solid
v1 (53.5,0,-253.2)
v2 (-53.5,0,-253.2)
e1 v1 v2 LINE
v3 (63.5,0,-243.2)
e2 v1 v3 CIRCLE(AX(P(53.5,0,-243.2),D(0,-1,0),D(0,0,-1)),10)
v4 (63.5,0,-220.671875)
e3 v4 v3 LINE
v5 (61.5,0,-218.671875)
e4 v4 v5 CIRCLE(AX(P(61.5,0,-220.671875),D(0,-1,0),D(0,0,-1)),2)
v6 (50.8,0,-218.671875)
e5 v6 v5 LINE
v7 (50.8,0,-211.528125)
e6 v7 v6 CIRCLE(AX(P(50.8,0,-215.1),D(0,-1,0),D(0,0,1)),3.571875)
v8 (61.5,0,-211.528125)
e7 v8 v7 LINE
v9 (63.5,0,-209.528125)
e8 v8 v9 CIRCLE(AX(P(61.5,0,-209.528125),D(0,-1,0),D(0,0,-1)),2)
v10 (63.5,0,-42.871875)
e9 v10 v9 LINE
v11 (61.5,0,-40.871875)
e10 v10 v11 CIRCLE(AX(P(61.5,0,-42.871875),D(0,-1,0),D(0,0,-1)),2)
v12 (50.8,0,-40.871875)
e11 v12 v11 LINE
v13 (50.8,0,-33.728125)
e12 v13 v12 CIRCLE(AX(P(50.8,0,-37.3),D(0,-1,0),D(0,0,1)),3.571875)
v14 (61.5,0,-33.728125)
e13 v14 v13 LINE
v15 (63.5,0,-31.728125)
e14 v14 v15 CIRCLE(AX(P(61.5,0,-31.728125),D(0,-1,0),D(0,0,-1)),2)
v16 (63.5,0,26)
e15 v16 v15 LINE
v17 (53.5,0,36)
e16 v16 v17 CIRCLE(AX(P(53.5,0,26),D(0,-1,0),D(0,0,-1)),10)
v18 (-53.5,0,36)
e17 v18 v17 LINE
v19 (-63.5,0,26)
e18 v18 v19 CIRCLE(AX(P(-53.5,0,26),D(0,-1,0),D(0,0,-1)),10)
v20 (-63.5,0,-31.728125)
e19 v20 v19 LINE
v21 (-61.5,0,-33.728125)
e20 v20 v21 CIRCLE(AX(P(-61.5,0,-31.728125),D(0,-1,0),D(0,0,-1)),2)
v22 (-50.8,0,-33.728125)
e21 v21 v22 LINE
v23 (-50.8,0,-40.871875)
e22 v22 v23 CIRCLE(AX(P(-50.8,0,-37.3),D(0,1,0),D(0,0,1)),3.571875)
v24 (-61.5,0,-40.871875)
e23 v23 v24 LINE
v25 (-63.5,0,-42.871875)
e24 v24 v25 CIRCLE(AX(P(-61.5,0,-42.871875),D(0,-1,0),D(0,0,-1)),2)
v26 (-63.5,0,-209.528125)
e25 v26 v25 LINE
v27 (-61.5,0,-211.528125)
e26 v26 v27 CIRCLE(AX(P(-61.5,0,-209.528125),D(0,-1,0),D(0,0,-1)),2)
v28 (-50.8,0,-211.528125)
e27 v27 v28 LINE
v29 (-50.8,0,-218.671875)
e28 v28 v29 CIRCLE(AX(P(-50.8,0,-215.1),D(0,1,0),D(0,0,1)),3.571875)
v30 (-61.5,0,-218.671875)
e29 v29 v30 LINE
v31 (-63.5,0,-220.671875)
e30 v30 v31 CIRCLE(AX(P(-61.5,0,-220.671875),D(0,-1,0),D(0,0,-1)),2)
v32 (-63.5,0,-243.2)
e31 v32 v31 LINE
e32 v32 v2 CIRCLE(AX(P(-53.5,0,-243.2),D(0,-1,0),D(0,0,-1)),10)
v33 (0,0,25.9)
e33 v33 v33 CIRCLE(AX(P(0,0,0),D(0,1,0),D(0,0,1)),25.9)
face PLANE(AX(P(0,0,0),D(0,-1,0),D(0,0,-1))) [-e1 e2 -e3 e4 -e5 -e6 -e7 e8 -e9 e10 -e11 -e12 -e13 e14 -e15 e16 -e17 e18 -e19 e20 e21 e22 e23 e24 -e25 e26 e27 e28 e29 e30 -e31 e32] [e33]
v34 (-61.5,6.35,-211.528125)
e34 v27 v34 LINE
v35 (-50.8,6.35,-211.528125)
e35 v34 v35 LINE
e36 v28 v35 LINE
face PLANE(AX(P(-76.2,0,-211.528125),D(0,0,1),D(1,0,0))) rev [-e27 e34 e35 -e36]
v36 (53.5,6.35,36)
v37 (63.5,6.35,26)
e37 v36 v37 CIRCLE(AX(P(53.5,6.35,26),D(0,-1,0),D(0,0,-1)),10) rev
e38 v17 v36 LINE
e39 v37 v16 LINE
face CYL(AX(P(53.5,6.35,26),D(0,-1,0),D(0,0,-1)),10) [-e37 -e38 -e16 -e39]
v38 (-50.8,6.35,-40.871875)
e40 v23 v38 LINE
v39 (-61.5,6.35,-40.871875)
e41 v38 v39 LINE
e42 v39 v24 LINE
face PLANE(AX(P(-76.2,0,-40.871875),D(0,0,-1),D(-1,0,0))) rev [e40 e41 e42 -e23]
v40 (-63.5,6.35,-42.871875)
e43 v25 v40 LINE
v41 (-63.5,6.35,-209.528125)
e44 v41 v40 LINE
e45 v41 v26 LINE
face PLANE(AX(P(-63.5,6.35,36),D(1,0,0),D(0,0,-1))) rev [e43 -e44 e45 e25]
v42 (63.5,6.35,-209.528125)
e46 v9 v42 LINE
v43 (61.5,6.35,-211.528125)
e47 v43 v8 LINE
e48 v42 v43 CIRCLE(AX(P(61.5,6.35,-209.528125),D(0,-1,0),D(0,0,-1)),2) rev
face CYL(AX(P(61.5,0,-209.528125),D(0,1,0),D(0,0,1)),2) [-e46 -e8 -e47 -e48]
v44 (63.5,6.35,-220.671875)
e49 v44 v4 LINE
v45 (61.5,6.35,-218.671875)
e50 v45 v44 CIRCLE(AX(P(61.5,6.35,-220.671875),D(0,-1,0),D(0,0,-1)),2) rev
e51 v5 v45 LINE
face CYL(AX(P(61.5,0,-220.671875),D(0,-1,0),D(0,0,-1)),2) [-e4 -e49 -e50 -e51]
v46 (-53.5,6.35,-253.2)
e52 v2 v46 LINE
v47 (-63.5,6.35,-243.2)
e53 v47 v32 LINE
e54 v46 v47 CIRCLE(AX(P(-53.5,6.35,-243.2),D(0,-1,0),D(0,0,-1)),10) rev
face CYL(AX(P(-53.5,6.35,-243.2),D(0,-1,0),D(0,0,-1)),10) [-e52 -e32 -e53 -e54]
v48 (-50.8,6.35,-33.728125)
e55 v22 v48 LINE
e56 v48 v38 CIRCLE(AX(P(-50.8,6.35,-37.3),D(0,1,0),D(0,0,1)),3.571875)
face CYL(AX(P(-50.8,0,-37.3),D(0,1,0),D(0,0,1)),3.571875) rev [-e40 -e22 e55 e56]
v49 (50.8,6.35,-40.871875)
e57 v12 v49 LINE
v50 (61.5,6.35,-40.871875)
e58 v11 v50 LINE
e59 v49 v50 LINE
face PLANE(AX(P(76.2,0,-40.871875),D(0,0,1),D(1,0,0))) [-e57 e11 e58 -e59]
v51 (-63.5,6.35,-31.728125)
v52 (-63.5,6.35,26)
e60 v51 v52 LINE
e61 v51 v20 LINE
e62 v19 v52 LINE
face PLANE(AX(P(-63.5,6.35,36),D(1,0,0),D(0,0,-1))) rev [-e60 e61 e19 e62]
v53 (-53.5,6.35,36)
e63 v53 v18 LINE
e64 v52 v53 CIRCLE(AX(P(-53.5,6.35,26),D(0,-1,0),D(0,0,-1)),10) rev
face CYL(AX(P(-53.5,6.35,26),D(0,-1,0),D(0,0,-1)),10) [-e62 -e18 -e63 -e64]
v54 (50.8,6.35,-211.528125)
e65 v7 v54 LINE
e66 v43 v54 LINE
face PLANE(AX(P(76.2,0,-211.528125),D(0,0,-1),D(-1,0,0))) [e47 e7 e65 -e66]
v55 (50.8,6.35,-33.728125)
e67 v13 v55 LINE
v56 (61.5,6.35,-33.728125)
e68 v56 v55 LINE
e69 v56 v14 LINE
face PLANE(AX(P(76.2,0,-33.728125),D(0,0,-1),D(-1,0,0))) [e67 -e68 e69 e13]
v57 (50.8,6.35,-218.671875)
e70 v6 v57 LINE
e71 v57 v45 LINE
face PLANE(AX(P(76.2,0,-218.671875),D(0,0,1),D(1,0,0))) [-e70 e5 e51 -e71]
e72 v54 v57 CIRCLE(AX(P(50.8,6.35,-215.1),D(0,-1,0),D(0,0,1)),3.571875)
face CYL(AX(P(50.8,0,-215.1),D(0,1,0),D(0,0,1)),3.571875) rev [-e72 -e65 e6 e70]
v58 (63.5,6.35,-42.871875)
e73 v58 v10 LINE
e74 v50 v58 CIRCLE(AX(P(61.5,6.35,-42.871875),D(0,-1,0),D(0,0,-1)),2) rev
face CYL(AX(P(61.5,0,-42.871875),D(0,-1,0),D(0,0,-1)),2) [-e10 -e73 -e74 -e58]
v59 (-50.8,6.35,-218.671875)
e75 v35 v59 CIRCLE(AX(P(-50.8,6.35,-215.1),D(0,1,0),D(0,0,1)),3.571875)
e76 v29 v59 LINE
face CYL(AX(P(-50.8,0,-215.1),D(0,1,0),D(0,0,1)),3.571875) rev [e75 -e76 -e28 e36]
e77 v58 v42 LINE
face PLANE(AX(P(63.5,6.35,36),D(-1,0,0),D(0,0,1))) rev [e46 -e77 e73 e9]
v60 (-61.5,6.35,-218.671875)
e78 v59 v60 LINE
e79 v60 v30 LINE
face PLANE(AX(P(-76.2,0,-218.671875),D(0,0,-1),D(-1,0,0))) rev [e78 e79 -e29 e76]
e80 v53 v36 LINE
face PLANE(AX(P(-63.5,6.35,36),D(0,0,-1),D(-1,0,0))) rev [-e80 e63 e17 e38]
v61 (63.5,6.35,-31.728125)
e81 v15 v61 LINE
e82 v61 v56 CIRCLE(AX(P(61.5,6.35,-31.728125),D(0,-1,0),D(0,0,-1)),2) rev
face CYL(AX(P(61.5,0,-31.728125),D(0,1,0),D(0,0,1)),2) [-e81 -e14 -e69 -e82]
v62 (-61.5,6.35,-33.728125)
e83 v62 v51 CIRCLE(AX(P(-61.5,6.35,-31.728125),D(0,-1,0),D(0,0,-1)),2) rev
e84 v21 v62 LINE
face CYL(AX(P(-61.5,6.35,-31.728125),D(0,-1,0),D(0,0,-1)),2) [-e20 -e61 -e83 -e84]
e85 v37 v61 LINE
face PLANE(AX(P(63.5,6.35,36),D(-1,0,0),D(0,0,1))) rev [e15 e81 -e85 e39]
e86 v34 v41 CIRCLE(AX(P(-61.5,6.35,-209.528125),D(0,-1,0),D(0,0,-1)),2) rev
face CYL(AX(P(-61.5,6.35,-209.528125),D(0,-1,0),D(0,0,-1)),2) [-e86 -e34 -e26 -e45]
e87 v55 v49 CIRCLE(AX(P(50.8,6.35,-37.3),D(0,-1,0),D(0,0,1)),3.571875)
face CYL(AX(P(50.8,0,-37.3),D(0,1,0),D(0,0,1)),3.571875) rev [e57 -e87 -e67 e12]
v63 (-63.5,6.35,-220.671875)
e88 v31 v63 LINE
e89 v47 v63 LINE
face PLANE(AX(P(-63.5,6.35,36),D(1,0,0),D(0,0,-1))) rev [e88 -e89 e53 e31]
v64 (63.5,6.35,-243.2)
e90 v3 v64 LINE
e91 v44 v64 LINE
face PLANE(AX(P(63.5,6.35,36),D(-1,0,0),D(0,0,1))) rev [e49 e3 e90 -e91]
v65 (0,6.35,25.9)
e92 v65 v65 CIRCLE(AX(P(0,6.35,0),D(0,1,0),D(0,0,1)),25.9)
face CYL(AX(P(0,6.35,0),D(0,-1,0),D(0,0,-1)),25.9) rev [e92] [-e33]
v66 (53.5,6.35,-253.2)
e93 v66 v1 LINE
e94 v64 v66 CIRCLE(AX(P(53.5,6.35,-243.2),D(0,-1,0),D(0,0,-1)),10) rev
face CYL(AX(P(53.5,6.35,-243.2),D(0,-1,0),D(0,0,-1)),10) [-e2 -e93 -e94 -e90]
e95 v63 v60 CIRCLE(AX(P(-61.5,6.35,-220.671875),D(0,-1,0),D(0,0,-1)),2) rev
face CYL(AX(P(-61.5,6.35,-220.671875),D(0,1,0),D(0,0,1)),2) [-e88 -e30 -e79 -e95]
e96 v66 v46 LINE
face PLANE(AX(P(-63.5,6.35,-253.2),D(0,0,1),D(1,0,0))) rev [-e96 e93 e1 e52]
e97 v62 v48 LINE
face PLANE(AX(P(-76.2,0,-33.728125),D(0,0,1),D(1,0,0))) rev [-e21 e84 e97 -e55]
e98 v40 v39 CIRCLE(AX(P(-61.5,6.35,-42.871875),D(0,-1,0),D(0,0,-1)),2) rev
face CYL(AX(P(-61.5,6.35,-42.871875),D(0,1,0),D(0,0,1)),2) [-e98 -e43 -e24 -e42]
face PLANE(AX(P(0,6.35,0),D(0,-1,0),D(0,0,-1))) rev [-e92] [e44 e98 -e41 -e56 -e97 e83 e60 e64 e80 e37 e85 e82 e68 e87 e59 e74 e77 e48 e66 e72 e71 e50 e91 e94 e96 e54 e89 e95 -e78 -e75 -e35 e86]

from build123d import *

# Parameters (mm, degrees)
SKETCH1_W           = 127
SKETCH1_H           = 289.2
SKETCH1_R           = 25.9
BOSS_EXTRUDE1_DEPTH = 6.35
CUT_EXTRUDE1_DEPTH  = 7.35
FILLET1_R           = 2
FILLET2_R           = 10


with BuildPart() as part:
    # Sketch1 → Boss-Extrude1 (new body)
    with BuildSketch(Plane(origin=(0, 0, 0), x_dir=(1, 0, 0), z_dir=(0, 1, 0))):
        with Locations((0, 108.6)):
            Rectangle(SKETCH1_W, SKETCH1_H)
        with Locations(Location((0, 0, 0), (0, 0, 270))):  # turned: the seam where the file's is
            Circle(SKETCH1_R, mode=Mode.SUBTRACT)
    extrude(amount=BOSS_EXTRUDE1_DEPTH)

    # Sketch3 → Cut-Extrude1 (cut, through all)
    with BuildSketch(Plane(origin=(0, 6.35, 0), x_dir=(1, 0, 0), z_dir=(0, 1, 0))):
        with BuildLine():
            Line((-76.2, 218.671875), (-50.8, 218.671875))
            ThreePointArc((-50.8, 218.671875), (-47.228125, 215.1), (-50.8, 211.528125))
            Line((-50.8, 211.528125), (-76.2, 211.528125))
            ThreePointArc((-76.2, 211.528125), (-79.771875, 215.1), (-76.2, 218.671875))
        make_face()
        with BuildLine():
            Line((-76.2, 40.871875), (-50.8, 40.871875))
            ThreePointArc((-50.8, 40.871875), (-47.228125, 37.3), (-50.8, 33.728125))
            Line((-50.8, 33.728125), (-76.2, 33.728125))
            ThreePointArc((-76.2, 33.728125), (-79.771875, 37.3), (-76.2, 40.871875))
        make_face()
    cut_extrude1 = extrude(amount=-CUT_EXTRUDE1_DEPTH, mode=Mode.SUBTRACT)

    # Mirror1: Cut-Extrude1 across plane
    add(cut_extrude1.mirror(Plane(origin=(0, 0, 0), x_dir=(0, 0, 1), z_dir=(1, 0, 0))), mode=Mode.SUBTRACT)

    # Fillet1
    fillet1_edges = [part.edges().sort_by_distance(p)[0] for p in [
        (-63.5, 3.175, -211.528125),
        (-63.5, 3.175, -218.671875),
        (-63.5, 3.175, -40.871875),
        (-63.5, 3.175, -33.728125),
        (63.5, 3.175, -218.671875),
        (63.5, 3.175, -211.528125),
        (63.5, 3.175, -33.728125),
        (63.5, 3.175, -40.871875),
    ]]
    fillet(fillet1_edges, radius=FILLET1_R)

    # Fillet2
    fillet2_edges = [part.edges().sort_by_distance(p)[0] for p in [
        (-63.5, 3.175, -253.2),
        (63.5, 3.175, -253.2),
        (63.5, 3.175, 36),
        (-63.5, 3.175, 36),
    ]]
    fillet(fillet2_edges, radius=FILLET2_R)


solid = part.part
